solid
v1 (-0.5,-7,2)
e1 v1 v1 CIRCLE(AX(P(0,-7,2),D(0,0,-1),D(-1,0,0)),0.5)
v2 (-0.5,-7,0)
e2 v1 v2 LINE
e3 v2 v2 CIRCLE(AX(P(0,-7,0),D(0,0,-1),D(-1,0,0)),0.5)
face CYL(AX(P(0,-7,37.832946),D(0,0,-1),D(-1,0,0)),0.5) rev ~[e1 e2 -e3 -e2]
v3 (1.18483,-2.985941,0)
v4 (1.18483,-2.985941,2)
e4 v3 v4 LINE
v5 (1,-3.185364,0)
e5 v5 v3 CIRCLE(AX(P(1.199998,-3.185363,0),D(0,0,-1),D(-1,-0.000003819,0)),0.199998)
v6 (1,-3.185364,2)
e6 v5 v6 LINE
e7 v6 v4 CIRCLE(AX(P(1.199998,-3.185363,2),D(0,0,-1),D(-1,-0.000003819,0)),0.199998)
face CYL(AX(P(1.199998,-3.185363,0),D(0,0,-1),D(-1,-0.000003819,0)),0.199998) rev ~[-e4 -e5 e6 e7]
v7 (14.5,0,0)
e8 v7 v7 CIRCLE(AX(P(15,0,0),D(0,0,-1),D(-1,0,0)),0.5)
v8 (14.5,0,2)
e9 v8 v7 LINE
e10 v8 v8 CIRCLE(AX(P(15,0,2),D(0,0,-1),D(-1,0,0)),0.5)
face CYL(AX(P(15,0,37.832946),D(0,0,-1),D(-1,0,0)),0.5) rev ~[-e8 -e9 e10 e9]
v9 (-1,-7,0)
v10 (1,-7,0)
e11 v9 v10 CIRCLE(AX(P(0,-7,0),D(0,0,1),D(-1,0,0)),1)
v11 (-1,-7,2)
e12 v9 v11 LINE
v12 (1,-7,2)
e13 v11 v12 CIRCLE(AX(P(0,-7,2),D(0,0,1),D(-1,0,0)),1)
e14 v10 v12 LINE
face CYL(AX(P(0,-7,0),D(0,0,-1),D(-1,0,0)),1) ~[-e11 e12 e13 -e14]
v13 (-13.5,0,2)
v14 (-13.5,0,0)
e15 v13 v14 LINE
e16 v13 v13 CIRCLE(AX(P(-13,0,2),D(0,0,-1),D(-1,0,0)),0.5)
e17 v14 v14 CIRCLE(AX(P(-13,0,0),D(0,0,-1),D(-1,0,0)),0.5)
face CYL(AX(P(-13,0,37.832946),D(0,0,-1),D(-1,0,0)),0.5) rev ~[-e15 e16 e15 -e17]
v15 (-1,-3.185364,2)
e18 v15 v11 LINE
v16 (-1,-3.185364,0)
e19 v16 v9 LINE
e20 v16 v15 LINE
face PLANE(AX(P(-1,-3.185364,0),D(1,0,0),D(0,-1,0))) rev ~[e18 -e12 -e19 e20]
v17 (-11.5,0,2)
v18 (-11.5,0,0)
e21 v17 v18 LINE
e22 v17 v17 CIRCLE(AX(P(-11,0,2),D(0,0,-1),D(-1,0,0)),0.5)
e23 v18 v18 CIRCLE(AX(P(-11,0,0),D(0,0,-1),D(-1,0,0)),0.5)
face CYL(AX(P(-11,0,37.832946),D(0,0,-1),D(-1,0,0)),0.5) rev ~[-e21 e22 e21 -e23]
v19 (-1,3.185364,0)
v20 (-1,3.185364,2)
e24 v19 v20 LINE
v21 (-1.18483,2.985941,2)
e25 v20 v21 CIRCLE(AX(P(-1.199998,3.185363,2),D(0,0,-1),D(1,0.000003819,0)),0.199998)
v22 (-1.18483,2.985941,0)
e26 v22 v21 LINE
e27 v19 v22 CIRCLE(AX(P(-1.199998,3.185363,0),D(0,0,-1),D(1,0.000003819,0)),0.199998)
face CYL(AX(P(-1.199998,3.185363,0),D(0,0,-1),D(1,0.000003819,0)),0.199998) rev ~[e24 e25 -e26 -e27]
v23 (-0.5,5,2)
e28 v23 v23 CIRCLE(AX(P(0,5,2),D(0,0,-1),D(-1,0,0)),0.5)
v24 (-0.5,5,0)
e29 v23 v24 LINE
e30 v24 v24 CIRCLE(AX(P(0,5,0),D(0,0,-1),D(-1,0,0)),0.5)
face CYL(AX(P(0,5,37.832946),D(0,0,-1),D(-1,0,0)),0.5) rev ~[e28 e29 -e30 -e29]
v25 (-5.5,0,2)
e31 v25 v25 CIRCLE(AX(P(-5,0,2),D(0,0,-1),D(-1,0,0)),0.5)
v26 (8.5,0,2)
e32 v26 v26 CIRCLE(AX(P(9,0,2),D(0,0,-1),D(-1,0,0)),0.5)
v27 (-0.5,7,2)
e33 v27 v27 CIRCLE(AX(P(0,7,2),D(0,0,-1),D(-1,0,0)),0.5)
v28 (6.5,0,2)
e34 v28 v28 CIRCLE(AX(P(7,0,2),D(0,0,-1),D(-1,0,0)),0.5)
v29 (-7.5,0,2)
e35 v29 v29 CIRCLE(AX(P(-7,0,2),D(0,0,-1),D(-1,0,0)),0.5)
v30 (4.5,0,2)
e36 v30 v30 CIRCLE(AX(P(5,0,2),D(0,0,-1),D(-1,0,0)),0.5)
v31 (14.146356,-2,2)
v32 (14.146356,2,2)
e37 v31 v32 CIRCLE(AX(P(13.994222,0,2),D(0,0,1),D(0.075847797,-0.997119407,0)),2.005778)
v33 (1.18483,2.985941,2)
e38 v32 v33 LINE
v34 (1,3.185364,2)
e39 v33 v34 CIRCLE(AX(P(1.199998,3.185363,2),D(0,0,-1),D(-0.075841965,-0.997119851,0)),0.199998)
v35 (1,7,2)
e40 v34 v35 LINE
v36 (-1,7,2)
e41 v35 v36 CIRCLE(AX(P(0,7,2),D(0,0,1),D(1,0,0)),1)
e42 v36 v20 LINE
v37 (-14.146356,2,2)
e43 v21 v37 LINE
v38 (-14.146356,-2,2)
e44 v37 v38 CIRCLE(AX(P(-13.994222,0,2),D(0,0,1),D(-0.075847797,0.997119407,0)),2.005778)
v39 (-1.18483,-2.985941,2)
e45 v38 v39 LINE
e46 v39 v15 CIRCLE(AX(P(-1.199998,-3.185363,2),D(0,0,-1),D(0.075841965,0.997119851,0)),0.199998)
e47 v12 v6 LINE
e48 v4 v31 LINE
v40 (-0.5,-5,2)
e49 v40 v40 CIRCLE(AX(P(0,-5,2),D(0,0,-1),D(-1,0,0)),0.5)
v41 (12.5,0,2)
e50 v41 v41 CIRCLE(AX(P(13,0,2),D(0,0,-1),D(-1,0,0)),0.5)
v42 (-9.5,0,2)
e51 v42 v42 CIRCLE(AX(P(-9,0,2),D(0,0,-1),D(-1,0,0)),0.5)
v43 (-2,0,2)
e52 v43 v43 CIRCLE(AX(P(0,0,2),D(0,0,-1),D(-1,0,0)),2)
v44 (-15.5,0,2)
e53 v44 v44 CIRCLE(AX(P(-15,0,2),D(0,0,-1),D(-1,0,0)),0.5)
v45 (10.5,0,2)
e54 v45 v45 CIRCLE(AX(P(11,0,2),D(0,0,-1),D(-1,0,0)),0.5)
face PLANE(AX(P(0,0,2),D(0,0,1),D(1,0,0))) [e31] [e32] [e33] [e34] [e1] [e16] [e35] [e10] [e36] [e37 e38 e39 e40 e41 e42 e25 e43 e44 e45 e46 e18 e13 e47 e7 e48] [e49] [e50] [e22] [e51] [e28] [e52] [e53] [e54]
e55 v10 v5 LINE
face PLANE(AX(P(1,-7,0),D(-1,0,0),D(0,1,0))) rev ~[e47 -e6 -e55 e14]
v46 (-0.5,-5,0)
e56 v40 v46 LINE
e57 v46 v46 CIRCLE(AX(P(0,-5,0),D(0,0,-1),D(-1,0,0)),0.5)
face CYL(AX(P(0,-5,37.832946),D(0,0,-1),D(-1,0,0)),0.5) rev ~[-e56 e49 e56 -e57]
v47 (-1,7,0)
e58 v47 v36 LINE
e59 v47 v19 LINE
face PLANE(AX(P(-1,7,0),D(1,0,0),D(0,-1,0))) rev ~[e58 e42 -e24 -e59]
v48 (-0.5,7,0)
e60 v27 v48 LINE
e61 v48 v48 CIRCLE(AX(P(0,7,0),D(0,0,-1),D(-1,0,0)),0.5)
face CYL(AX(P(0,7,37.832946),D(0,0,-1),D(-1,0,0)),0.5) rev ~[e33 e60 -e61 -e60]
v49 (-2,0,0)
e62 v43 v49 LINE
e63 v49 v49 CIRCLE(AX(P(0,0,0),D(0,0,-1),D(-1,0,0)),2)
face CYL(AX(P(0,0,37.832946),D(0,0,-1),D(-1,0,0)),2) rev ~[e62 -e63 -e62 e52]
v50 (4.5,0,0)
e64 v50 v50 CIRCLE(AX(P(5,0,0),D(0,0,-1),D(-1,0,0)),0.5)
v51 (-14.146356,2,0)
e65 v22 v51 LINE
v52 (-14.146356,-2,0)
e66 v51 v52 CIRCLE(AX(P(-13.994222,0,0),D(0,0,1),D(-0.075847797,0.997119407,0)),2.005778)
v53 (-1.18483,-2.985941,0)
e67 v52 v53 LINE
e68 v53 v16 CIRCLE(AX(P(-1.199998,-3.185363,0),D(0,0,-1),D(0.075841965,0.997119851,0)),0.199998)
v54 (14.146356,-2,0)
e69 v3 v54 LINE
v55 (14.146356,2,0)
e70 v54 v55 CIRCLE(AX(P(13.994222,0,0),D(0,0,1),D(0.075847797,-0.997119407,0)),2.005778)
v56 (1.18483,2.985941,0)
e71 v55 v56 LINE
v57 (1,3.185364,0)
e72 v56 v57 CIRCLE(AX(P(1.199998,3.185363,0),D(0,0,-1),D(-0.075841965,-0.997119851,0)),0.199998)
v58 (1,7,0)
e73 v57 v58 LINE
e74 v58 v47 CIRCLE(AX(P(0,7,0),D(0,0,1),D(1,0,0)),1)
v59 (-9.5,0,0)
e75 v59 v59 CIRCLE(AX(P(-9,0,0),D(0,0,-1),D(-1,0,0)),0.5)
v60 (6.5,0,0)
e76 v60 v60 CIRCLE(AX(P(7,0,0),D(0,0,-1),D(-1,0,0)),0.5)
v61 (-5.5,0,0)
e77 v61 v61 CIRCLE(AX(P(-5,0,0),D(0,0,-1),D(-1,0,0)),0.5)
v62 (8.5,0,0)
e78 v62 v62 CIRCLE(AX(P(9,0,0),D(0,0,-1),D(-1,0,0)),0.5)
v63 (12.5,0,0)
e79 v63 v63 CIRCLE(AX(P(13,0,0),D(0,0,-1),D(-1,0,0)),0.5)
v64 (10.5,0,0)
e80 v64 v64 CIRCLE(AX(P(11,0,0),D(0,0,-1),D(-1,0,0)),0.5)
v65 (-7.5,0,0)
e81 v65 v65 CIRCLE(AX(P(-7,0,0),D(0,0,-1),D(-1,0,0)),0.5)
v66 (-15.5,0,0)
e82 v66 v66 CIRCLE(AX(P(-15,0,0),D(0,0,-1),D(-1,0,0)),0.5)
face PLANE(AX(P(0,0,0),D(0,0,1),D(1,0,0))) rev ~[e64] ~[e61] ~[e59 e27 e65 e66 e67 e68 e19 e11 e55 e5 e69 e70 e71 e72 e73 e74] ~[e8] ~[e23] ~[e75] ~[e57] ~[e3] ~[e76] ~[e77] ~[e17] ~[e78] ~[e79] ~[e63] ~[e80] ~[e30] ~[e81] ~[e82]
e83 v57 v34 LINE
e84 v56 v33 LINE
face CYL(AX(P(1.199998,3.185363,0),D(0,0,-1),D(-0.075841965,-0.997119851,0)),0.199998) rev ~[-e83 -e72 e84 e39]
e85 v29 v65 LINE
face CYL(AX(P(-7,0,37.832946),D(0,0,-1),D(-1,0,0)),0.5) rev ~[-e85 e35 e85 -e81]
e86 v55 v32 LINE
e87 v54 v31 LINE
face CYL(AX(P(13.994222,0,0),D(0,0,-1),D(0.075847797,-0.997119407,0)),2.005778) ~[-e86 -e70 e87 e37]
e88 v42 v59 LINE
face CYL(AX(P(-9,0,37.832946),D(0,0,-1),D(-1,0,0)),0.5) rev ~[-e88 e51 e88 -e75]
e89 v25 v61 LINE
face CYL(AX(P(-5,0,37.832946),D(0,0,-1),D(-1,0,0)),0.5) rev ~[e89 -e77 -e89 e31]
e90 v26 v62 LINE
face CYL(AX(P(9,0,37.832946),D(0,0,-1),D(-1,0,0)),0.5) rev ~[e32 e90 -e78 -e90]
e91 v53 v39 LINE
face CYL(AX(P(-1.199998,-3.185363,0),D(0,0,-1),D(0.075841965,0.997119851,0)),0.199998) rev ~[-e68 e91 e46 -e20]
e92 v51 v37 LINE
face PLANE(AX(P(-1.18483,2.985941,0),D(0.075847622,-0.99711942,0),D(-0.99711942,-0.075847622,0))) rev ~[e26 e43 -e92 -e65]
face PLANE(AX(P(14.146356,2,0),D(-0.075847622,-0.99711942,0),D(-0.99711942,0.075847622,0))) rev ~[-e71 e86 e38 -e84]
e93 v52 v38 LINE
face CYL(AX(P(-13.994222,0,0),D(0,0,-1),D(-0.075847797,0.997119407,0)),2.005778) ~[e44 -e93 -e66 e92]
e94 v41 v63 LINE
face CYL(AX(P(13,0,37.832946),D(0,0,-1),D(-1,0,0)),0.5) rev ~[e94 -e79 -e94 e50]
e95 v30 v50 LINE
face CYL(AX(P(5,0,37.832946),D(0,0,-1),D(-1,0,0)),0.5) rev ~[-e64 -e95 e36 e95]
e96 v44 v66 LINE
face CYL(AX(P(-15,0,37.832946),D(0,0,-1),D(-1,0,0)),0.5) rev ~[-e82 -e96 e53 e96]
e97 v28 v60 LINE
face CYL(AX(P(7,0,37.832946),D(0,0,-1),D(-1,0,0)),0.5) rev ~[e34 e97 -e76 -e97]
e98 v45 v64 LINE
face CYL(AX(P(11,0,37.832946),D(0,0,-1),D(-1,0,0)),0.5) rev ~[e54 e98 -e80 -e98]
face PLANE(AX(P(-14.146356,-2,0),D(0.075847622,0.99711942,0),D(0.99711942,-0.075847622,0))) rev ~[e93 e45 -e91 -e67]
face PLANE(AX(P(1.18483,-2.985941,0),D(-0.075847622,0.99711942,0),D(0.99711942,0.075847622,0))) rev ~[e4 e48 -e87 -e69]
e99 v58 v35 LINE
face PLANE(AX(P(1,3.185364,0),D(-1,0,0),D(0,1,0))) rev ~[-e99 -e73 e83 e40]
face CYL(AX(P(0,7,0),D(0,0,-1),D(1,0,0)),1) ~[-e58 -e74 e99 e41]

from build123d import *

# Parameters (mm, degrees)
F1_DEPTH = 2
F3_D     = 1
F5_D     = 4


with BuildPart() as f1:
    # F0 (on Top) → F1 (new body)
    with BuildSketch(Plane.XY):
        with BuildLine():
            Line((1, 3.185364), (1, 7))
            ThreePointArc((1, 7), (0, 8), (-1, 7))
            Line((-1, 7), (-1, 3.185364))
            ThreePointArc((-1, 3.185364), (-1.053313, 3.049412), (-1.18483, 2.985941))
            Line((-1.18483, 2.985941), (-14.146356, 2))
            ThreePointArc((-14.146356, 2), (-16, 0), (-14.146356, -2))
            Line((-14.146356, -2), (-1.18483, -2.985941))
            ThreePointArc((-1.18483, -2.985941), (-1.053313, -3.049412), (-1, -3.185364))
            Line((-1, -3.185364), (-1, -7))
            ThreePointArc((-1, -7), (0, -8), (1, -7))
            Line((1, -7), (1, -3.185364))
            ThreePointArc((1, -3.185364), (1.053313, -3.049412), (1.18483, -2.985941))
            Line((1.18483, -2.985941), (14.146356, -2))
            ThreePointArc((14.146356, -2), (16, 0), (14.146356, 2))
            Line((14.146356, 2), (1.18483, 2.985941))
            ThreePointArc((1.18483, 2.985941), (1.053313, 3.049412), (1, 3.185364))
        make_face()
    extrude(amount=F1_DEPTH)

    # F3 (through all)
    with Locations(Plane.XY.offset(2)):
        with Locations((5, 0), (7, 0), (9, 0), (11, 0), (13, 0), (15, 0), (0, 5), (0, 7), (-5, 0), (-7, 0), (-9, 0), (-11, 0), (-13, 0), (-15, 0), (0, -5), (0, -7)):
            Hole(F3_D / 2)

    # F5 (through all)
    with Locations(Plane.XY.offset(2)):
        with Locations((0, 0)):
            Hole(F5_D / 2)


solid = f1.part
